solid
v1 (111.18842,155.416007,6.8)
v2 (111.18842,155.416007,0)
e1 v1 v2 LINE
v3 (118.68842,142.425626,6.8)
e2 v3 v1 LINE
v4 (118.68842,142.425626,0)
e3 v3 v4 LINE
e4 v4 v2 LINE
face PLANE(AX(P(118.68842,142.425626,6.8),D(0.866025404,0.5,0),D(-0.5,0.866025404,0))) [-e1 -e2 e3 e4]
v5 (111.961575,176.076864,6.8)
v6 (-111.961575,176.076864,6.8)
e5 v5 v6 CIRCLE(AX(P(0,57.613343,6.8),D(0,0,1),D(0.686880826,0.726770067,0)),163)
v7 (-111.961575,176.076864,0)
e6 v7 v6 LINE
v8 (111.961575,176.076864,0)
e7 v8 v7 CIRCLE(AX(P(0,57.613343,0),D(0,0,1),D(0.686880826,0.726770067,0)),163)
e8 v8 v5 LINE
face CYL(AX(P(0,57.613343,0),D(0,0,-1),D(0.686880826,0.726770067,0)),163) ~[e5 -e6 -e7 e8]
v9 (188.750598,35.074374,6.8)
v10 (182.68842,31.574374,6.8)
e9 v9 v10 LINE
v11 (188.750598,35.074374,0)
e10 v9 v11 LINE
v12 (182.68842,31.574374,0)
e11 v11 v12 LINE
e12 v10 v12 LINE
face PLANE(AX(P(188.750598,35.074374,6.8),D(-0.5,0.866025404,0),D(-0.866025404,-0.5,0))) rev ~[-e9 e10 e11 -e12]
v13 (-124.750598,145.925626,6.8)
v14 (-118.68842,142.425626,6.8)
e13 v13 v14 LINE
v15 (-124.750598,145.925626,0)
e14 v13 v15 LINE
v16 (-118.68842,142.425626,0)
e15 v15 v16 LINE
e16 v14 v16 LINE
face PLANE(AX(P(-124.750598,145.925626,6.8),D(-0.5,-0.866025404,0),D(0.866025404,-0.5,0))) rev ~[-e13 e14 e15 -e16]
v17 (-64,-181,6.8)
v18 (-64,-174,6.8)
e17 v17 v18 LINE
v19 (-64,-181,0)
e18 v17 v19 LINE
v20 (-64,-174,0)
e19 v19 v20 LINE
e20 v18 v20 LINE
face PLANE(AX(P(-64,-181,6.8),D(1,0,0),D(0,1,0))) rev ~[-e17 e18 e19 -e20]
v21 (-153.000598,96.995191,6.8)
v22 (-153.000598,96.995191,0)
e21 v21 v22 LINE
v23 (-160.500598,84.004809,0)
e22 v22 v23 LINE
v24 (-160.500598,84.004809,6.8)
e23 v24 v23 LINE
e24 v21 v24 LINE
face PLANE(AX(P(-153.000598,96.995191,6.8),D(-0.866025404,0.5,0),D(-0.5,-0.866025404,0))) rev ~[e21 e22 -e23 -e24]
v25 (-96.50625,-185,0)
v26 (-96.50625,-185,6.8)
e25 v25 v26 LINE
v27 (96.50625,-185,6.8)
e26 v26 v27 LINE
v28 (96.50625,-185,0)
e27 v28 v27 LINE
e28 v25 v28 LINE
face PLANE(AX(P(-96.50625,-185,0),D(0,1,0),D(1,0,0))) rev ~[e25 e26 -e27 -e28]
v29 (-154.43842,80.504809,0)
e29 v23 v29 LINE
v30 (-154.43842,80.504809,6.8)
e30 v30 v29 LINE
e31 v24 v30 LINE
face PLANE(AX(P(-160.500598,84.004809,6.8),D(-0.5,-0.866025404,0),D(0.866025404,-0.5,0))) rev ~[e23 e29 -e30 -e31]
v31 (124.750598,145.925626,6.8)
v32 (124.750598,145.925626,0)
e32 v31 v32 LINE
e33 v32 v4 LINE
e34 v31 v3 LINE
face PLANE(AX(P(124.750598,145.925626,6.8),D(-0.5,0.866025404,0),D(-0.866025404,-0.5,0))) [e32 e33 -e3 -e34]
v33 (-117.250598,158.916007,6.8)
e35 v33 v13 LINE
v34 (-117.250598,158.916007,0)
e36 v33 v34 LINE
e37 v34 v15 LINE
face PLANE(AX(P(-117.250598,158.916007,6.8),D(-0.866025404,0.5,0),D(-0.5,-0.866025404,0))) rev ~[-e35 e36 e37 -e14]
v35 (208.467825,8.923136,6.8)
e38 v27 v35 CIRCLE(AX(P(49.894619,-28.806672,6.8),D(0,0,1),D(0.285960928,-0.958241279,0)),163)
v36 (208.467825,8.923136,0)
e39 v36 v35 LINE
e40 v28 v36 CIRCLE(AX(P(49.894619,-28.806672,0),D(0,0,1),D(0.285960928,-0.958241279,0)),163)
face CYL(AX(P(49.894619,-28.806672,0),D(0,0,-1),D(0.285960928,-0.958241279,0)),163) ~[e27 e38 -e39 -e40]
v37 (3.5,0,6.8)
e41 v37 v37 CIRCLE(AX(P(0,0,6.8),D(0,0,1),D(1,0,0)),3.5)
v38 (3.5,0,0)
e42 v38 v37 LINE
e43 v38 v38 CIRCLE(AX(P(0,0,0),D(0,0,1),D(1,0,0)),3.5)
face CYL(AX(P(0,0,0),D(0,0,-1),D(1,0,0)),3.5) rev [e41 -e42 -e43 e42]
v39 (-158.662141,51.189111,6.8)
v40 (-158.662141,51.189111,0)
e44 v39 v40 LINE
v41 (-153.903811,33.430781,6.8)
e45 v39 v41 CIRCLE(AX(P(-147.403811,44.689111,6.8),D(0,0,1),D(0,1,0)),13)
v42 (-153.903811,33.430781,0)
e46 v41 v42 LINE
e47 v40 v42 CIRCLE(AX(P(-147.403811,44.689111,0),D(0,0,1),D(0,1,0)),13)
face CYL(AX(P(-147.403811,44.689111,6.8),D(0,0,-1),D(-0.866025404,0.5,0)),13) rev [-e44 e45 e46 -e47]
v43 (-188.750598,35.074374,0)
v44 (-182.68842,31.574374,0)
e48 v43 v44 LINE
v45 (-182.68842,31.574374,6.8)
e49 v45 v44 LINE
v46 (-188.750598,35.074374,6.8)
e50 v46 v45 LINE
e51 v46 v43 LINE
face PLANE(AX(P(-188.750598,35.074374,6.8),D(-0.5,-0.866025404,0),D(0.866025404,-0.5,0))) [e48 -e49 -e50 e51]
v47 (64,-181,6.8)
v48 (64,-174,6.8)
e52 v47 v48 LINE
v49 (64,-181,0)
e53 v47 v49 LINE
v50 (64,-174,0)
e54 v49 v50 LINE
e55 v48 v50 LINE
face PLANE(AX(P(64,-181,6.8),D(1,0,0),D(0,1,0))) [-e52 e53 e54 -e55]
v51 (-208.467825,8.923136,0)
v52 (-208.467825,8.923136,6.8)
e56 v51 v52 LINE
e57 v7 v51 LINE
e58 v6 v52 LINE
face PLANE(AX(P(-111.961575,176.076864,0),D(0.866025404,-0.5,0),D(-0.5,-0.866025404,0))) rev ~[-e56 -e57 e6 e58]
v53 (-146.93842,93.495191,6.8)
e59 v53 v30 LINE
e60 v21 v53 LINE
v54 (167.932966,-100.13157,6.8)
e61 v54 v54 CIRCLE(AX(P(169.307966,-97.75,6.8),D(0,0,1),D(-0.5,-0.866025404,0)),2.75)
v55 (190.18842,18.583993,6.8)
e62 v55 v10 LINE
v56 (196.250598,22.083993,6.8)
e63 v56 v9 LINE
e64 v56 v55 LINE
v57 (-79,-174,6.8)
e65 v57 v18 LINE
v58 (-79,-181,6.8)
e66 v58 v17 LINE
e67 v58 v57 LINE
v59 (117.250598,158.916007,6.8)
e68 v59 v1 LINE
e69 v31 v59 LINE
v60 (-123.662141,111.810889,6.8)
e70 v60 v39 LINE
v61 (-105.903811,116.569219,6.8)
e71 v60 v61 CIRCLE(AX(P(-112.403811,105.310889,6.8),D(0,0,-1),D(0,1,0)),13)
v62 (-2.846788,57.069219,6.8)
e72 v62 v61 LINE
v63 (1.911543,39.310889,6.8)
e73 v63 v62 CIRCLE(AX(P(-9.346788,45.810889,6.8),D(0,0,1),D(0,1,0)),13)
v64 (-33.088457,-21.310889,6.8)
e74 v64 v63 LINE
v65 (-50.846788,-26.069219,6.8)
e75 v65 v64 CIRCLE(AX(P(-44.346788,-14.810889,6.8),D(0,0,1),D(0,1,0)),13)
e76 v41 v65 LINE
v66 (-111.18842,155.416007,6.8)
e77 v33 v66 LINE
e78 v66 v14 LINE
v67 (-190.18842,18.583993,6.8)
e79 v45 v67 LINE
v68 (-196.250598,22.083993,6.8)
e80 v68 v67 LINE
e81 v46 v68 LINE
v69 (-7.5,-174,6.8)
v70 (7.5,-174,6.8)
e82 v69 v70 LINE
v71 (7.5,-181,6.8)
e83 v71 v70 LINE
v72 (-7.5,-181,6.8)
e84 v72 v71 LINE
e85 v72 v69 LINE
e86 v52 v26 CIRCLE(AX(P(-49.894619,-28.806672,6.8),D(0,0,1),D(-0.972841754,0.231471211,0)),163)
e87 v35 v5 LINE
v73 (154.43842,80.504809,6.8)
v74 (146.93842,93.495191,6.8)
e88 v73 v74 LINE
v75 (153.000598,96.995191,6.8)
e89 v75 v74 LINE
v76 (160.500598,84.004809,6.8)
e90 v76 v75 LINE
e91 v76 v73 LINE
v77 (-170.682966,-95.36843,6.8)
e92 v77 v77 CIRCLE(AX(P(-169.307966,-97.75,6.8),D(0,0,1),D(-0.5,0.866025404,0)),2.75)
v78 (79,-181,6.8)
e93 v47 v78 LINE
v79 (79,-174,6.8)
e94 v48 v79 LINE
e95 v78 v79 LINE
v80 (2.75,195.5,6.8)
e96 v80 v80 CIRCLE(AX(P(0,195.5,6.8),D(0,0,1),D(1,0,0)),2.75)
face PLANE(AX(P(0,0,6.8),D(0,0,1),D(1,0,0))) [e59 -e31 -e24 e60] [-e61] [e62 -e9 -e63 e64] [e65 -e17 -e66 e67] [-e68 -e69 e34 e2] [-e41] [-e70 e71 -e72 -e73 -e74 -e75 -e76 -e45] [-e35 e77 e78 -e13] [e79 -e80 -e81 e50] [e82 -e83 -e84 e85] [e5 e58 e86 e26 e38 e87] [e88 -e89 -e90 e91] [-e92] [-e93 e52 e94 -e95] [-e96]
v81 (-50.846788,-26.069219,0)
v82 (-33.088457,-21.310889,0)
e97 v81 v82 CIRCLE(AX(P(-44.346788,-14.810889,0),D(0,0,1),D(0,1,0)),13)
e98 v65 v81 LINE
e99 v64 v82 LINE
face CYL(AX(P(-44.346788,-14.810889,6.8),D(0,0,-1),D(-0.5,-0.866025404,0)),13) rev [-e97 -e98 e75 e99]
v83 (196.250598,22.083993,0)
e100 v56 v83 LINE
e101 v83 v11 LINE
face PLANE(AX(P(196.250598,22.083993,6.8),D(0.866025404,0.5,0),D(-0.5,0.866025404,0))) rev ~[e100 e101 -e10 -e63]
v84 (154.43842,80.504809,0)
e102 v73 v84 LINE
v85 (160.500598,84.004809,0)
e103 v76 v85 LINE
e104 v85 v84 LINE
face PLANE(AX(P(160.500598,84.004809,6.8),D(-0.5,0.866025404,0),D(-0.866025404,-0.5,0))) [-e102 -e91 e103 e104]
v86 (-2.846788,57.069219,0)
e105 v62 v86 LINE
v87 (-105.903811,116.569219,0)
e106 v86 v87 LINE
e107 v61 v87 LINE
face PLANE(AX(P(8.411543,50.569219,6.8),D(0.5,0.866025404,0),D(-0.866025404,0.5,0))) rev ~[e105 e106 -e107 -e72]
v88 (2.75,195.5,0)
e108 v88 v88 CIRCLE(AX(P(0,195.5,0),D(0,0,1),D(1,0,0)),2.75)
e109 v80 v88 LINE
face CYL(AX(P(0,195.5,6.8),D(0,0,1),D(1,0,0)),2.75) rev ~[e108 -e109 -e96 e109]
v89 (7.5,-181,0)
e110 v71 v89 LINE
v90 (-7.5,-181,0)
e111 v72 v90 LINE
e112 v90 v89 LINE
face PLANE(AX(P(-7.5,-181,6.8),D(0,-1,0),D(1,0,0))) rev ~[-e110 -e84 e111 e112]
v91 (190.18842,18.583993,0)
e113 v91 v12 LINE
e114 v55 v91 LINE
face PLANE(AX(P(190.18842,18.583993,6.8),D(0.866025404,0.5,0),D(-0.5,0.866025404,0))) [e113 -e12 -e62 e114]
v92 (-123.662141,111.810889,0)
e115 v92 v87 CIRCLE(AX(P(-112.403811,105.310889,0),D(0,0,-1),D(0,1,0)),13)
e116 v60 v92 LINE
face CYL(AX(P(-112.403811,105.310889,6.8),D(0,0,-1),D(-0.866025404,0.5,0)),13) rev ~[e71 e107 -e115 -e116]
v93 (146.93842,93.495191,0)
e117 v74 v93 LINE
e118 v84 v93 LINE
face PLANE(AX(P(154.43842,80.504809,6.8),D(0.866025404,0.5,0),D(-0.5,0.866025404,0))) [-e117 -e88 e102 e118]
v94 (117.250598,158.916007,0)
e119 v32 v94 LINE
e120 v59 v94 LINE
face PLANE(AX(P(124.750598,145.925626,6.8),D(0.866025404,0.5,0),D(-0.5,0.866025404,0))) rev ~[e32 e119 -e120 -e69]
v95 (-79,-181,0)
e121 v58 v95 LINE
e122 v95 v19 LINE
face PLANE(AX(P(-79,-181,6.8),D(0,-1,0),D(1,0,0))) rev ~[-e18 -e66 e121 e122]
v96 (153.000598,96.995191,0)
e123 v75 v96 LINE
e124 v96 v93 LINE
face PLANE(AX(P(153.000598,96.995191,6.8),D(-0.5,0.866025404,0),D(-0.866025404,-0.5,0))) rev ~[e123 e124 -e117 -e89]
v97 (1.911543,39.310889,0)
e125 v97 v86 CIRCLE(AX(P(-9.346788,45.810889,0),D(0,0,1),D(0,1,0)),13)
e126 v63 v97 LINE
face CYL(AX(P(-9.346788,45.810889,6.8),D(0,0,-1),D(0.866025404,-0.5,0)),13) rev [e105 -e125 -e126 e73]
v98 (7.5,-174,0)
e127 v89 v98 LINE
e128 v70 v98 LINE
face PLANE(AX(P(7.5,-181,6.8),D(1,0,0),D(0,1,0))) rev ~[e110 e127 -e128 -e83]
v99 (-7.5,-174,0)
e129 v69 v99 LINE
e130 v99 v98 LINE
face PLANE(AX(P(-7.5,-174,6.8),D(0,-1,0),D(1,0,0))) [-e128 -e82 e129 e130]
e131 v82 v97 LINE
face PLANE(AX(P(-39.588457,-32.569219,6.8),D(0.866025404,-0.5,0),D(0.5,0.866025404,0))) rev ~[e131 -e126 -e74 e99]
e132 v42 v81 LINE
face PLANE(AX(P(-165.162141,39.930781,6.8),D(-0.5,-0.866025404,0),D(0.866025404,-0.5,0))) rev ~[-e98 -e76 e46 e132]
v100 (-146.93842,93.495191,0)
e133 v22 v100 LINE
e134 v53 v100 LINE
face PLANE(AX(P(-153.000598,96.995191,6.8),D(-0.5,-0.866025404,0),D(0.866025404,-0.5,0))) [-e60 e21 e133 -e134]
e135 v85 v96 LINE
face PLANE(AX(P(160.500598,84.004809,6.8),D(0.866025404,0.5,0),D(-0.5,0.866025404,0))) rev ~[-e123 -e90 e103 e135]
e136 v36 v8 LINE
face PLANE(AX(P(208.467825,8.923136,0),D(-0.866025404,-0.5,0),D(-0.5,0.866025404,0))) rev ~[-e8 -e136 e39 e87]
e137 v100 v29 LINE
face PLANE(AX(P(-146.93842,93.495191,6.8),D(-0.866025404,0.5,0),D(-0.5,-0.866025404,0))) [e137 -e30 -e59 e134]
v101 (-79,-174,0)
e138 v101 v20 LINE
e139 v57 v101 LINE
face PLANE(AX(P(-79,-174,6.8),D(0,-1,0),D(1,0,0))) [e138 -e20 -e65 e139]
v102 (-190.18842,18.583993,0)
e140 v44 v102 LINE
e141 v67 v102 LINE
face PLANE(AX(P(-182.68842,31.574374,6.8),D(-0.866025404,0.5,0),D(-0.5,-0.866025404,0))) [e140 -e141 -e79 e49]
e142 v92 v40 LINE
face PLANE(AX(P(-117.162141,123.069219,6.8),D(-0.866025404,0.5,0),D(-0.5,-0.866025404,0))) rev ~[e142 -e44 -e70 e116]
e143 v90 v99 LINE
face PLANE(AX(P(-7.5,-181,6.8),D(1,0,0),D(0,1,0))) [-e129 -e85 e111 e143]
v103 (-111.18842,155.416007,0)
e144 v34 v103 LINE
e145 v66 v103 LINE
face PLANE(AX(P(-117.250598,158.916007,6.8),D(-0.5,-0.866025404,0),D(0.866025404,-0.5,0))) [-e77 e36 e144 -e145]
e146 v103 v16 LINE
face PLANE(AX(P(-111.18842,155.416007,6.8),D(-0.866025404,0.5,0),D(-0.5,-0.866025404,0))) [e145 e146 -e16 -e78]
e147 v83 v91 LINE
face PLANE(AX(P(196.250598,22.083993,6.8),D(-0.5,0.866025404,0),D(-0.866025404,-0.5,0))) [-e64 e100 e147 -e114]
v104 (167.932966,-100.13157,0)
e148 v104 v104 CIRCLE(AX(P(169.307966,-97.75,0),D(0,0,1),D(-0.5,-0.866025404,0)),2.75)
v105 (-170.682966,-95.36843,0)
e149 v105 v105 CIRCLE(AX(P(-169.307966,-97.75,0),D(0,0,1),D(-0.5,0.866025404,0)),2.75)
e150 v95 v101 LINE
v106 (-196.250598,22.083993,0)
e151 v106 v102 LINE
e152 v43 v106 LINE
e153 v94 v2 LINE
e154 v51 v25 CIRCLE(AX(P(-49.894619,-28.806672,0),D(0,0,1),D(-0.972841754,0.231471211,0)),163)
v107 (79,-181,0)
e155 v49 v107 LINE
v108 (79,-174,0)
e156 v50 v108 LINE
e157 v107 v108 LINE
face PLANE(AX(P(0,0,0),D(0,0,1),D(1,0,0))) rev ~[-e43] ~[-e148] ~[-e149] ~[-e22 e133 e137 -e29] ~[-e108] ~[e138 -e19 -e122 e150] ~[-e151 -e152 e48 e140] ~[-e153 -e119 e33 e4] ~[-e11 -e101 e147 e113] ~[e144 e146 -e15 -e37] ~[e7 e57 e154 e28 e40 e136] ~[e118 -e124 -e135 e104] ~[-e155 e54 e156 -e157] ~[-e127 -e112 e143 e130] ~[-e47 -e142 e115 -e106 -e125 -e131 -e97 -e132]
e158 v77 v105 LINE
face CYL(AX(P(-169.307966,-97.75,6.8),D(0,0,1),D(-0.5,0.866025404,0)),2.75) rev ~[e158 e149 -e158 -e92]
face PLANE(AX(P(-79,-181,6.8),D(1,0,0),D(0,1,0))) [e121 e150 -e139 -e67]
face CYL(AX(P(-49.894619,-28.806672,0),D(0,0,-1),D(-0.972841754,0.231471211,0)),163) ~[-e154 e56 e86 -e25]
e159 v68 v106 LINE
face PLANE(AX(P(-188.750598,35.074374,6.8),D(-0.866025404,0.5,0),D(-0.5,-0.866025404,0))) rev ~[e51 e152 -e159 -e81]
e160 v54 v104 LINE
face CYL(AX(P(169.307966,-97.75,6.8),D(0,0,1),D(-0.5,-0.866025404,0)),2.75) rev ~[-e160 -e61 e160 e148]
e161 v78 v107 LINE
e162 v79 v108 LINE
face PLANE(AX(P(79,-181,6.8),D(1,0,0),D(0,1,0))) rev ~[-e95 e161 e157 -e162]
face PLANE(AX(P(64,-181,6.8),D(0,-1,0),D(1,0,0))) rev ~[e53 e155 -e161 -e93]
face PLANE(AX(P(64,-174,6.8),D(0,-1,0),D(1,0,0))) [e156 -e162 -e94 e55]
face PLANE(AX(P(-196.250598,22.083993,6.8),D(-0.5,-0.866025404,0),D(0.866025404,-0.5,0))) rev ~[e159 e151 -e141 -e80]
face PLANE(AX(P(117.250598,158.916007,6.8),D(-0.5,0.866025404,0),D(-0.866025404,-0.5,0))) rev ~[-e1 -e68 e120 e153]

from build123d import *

# Parameters (mm, degrees)
SKETCH1_R           = 3.5
BOSS_EXTRUDE1_DEPTH = 6.8
SKETCH2_W           = 15
SKETCH2_H           = 7
CUT_EXTRUDE1_DEPTH  = 6.8
SKETCH3_R           = 2.75
CUT_EXTRUDE2_DEPTH  = 6.8
CIRPATTERN1_COUNT   = 3
CUT_EXTRUDE3_DEPTH  = 6.8
FILLET1_R           = 13


with BuildPart() as part:
    # Sketch1 → Boss-Extrude1 (new body)
    with BuildSketch(Plane.XY):
        with BuildLine():
            Line((-96.50625, -185), (96.50625, -185))
            ThreePointArc((96.50625, -185), (191.056759621, -110.306671598), (208.4678247, 8.923135876))
            Line((208.4678247, 8.923135876), (111.9615747, 176.076864124))
            ThreePointArc((111.9615747, 176.076864124), (0, 220.613343196), (-111.9615747, 176.076864124))
            Line((-111.9615747, 176.076864124), (-208.4678247, 8.923135876))
            ThreePointArc((-208.4678247, 8.923135876), (-191.056759621, -110.306671598), (-96.50625, -185))
        make_face()
        Circle(SKETCH1_R, mode=Mode.SUBTRACT)
    extrude(amount=BOSS_EXTRUDE1_DEPTH)

    # Sketch2 → Cut-Extrude1 (cut)
    with BuildSketch(Plane.XY.offset(6.8)):
        with Locations((0, -177.5)):
            Rectangle(SKETCH2_W, SKETCH2_H)
        with Locations((71.5, -177.5)):
            Rectangle(SKETCH2_W, SKETCH2_H)
        with Locations((-71.5, -177.5)):
            Rectangle(SKETCH2_W, SKETCH2_H)
    cut_extrude1 = extrude(amount=-CUT_EXTRUDE1_DEPTH, mode=Mode.SUBTRACT)

    # Sketch3 → Cut-Extrude2 (cut)
    with BuildSketch(Plane.XY.offset(6.8)):
        with Locations((0, 195.5)):
            Circle(SKETCH3_R)
    cut_extrude2 = extrude(amount=-CUT_EXTRUDE2_DEPTH, mode=Mode.SUBTRACT)

    # CirPattern1: Cut-Extrude1, Cut-Extrude2 ×3 about axis
    cirpattern1_axis = Axis((0, 0, 0), (0, 0, 1))
    for i in range(1, CIRPATTERN1_COUNT):
        add(cut_extrude1.rotate(cirpattern1_axis, i * 360 / CIRPATTERN1_COUNT), mode=Mode.SUBTRACT)
        add(cut_extrude2.rotate(cirpattern1_axis, i * 360 / CIRPATTERN1_COUNT), mode=Mode.SUBTRACT)

    # Sketch4 → Cut-Extrude3 (cut)
    with BuildSketch(Plane.XY.offset(6.8)):
        Polygon((-117.162140817, 123.069219382), (-165.162140817, 39.930780618), (-39.588457268, -32.569219382), (8.411542732, 50.569219382), align=None)
    extrude(amount=-CUT_EXTRUDE3_DEPTH, mode=Mode.SUBTRACT)

    # Fillet1
    fillet1_edges = [part.edges().sort_by_distance(p)[0] for p in [
        (-117.162140817, 123.069219382, 3.4),
        (8.411542732, 50.569219382, 3.4),
        (-39.588457268, -32.569219382, 3.4),
        (-165.162140817, 39.930780618, 3.4),
    ]]
    fillet(fillet1_edges, radius=FILLET1_R)


solid = part.part
